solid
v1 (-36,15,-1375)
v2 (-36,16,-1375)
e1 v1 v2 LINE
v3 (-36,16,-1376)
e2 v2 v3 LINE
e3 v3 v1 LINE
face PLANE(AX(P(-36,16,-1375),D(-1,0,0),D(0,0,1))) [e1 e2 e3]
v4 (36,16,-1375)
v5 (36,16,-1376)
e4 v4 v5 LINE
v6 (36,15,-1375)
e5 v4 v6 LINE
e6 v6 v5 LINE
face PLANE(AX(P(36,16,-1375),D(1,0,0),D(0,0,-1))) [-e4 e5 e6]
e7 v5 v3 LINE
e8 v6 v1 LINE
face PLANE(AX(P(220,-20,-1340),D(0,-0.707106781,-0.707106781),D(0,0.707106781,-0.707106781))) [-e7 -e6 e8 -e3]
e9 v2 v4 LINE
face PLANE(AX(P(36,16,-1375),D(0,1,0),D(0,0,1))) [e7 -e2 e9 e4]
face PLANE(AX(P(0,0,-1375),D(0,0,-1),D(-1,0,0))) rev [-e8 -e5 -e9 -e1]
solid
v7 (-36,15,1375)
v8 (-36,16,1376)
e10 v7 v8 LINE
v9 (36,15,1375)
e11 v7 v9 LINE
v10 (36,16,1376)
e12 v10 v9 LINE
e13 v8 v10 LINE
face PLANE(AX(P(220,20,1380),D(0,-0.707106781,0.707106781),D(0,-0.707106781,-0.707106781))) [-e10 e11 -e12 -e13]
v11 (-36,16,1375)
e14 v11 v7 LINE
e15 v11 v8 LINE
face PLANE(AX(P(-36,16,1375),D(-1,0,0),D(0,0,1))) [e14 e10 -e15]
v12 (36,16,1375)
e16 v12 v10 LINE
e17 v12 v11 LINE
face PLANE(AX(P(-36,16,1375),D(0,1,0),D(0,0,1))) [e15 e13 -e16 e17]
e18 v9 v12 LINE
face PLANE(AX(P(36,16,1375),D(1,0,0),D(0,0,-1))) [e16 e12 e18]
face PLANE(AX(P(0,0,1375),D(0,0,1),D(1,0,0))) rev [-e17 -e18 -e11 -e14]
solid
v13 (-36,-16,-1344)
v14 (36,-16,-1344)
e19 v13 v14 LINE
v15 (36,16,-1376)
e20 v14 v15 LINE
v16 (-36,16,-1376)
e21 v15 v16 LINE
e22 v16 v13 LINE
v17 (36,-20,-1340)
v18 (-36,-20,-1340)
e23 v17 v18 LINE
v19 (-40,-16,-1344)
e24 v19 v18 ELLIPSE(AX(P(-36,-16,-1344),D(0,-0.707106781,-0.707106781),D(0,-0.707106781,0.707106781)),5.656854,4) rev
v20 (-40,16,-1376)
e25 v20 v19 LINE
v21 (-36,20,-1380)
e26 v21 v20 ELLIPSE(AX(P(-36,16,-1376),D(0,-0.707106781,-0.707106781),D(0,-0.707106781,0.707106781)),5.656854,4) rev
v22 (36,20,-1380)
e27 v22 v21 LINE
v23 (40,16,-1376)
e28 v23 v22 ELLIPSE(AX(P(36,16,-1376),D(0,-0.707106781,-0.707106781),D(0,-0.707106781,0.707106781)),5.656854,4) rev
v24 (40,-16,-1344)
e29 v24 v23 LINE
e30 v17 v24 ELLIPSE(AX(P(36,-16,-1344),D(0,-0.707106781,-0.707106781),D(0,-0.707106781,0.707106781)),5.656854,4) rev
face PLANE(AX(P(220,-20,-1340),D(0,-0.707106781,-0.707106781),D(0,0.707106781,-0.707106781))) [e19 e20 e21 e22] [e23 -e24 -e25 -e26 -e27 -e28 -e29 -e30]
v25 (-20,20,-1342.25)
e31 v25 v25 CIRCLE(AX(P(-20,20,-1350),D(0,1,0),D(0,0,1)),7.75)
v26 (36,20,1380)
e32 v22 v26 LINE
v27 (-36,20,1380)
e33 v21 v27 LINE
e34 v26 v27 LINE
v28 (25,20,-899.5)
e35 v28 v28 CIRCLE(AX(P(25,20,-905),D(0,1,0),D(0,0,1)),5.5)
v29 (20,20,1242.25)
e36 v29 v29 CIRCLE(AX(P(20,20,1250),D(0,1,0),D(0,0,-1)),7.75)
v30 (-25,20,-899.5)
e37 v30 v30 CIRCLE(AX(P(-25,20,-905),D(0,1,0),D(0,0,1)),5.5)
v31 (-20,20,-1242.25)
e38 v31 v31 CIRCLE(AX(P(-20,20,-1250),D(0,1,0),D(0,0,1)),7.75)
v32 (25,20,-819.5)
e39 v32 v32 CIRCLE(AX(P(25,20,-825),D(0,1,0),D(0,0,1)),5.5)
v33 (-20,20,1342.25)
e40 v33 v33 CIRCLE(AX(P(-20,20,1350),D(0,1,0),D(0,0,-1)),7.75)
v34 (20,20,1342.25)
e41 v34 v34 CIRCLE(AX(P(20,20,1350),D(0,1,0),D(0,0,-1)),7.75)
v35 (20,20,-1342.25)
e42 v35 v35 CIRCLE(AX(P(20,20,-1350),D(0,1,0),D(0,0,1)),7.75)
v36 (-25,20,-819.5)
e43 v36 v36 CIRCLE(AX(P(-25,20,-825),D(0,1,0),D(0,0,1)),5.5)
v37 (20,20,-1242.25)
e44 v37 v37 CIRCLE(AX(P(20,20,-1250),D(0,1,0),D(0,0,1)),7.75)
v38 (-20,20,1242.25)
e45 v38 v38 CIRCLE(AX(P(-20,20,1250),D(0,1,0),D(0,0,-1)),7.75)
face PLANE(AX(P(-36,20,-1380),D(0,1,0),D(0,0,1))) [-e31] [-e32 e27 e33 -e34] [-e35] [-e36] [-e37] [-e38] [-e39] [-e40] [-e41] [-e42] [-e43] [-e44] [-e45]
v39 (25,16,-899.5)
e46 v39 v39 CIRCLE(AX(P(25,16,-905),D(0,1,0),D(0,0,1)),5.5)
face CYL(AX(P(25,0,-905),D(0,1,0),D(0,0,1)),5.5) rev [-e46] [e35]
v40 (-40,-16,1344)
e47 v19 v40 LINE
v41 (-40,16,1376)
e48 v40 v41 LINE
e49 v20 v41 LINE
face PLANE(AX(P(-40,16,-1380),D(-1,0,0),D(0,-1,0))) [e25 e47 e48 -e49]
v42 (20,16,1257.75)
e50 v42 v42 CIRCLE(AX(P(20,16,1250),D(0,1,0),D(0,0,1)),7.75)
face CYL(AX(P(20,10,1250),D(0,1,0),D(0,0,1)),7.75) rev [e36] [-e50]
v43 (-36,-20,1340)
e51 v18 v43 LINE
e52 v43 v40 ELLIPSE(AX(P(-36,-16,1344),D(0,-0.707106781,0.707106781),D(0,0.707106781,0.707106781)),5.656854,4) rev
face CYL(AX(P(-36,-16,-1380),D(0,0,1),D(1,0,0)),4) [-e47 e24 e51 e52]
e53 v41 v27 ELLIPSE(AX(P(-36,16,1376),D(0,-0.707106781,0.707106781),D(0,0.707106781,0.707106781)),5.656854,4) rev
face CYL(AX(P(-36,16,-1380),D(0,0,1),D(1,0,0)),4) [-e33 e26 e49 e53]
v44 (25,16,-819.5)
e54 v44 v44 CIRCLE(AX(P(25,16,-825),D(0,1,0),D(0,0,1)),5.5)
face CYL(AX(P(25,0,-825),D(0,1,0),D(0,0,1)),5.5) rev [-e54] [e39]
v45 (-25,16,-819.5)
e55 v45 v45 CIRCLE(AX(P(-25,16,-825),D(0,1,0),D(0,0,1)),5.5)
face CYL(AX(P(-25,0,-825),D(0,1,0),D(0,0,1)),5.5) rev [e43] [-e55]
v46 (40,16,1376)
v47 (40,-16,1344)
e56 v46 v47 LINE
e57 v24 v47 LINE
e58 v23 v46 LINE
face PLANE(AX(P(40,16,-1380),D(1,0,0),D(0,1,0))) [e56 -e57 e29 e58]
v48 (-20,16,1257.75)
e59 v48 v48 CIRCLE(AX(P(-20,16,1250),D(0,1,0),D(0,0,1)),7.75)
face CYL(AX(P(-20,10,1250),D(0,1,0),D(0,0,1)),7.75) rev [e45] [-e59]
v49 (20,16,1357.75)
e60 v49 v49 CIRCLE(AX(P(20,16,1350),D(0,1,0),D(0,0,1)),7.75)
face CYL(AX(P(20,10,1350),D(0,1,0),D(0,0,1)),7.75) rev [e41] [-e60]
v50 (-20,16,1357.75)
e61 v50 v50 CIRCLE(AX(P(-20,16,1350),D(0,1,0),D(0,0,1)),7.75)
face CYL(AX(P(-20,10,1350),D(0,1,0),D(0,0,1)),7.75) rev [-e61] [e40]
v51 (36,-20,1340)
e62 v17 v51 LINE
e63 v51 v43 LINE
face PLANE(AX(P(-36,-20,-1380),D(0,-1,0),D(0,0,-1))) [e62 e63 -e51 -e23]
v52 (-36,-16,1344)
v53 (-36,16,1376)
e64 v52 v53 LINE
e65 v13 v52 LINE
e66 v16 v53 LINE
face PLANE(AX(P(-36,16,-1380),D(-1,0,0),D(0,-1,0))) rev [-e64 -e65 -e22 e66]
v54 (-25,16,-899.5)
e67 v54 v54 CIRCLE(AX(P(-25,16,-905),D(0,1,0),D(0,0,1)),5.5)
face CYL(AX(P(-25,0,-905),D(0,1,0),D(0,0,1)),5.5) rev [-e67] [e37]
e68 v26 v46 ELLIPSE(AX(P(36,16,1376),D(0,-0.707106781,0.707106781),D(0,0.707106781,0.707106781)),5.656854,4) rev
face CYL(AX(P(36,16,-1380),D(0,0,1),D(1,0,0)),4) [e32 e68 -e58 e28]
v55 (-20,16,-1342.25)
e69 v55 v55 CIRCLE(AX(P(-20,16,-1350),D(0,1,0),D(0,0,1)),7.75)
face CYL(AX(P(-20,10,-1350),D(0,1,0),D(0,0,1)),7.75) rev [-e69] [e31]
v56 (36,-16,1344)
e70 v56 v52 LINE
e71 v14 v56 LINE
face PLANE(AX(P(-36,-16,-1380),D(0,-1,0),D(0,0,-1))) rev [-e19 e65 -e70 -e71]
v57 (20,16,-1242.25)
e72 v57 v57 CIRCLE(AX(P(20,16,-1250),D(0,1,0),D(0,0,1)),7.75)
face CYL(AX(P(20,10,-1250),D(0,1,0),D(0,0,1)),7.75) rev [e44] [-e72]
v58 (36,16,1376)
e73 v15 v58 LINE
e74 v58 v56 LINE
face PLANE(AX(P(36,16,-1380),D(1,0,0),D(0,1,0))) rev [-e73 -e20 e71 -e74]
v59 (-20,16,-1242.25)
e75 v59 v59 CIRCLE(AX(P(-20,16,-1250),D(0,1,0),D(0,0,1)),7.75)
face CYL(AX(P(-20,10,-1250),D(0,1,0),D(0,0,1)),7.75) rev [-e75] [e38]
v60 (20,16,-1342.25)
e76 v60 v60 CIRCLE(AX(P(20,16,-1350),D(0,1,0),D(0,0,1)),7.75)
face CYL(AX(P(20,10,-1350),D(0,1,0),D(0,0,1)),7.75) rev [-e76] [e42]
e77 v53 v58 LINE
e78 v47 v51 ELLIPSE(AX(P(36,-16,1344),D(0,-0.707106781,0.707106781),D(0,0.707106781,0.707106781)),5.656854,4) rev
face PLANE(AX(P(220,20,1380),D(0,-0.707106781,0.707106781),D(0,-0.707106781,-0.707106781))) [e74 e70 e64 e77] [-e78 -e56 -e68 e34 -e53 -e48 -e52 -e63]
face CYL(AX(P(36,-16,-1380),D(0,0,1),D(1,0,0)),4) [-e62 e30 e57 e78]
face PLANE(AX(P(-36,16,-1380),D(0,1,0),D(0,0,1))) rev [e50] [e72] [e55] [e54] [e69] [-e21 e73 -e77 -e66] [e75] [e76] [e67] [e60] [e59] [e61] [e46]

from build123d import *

# Parameters (mm, degrees)
Y_KSEKLIK_EKSTR_ZYON1_DEPTH      = 1380
Y_KSEKLIK_EKSTR_ZYON1_DEPTH_BACK = 1380
IZIM1_W                          = 72
IZIM1_H                          = 32
IZIM2_R                          = 7.75
KES_EKSTR_ZYON1_DEPTH            = 10
IZIM3_R                          = 5.5
KES_EKSTR_ZYON2_DEPTH            = 20
IZIM4_W                          = 72
IZIM4_H                          = 32
Y_KSEKLIK_EKSTR_ZYON2_DEPTH      = 5
IZIM5_W                          = 72
IZIM5_H                          = 32
Y_KSEKLIK_EKSTR_ZYON3_DEPTH      = 5
KES_EKSTR_ZYON3_DEPTH            = 220
KES_EKSTR_ZYON3_DEPTH_BACK       = 290


with BuildPart() as part:
    # Çizim1 → Yükseklik-Ekstrüzyon1 (new, two sides: drawn at the far end of the back side and taken through both)
    with BuildSketch(Plane.XY.offset(-Y_KSEKLIK_EKSTR_ZYON1_DEPTH_BACK)):
        with BuildLine():
            Line((-36, 20), (36, 20))
            ThreePointArc((36, 20), (38.828427125, 18.828427125), (40, 16))
            Line((40, 16), (40, -16))
            ThreePointArc((40, -16), (38.828427125, -18.828427125), (36, -20))
            Line((36, -20), (-36, -20))
            ThreePointArc((-36, -20), (-38.828427125, -18.828427125), (-40, -16))
            Line((-40, -16), (-40, 16))
            ThreePointArc((-40, 16), (-38.828427125, 18.828427125), (-36, 20))
        make_face()
        Rectangle(IZIM1_W, IZIM1_H, mode=Mode.SUBTRACT)
    extrude(amount=Y_KSEKLIK_EKSTR_ZYON1_DEPTH + Y_KSEKLIK_EKSTR_ZYON1_DEPTH_BACK)

    # Çizim2 → Kes-Ekstrüzyon1 (cut)
    with BuildSketch(Plane(origin=(0, 20, 0), x_dir=(1, 0, 0), z_dir=(0, 1, 0))):
        with Locations(Location((-20, 1350, 0), (0, 0, 270))):
            Circle(IZIM2_R)
        with Locations(Location((20, 1350, 0), (0, 0, 270))):
            Circle(IZIM2_R)
        with Locations(Location((20, 1250, 0), (0, 0, 270))):
            Circle(IZIM2_R)
        with Locations(Location((-20, 1250, 0), (0, 0, 270))):
            Circle(IZIM2_R)
        with Locations(Location((-20, -1250, 0), (0, 0, 270))):
            Circle(IZIM2_R)
        with Locations(Location((20, -1250, 0), (0, 0, 270))):
            Circle(IZIM2_R)
        with Locations(Location((20, -1350, 0), (0, 0, 270))):
            Circle(IZIM2_R)
        with Locations(Location((-20, -1350, 0), (0, 0, 270))):
            Circle(IZIM2_R)
    extrude(amount=-KES_EKSTR_ZYON1_DEPTH, mode=Mode.SUBTRACT)

    # Çizim3 → Kes-Ekstrüzyon2 (cut)
    with BuildSketch(Plane(origin=(0, 20, 0), x_dir=(1, 0, 0), z_dir=(0, 1, 0))):
        with Locations(Location((25, 905, 0), (0, 0, 270))):
            Circle(IZIM3_R)
        with Locations(Location((-25, 905, 0), (0, 0, 270))):
            Circle(IZIM3_R)
        with Locations(Location((25, 825, 0), (0, 0, 270))):
            Circle(IZIM3_R)
        with Locations(Location((-25, 825, 0), (0, 0, 270))):
            Circle(IZIM3_R)
    extrude(amount=-KES_EKSTR_ZYON2_DEPTH, mode=Mode.SUBTRACT)


with BuildPart() as body_2:
    # Çizim4 → Yükseklik-Ekstrüzyon2 (new body)
    with BuildSketch(Plane(origin=(0, 0, -1380), x_dir=(-1, 0, 0), z_dir=(0, 0, -1))):
        Rectangle(IZIM4_W, IZIM4_H)
    extrude(amount=-Y_KSEKLIK_EKSTR_ZYON2_DEPTH)


with BuildPart() as body_3:
    # Çizim5 → Yükseklik-Ekstrüzyon3 (new body)
    with BuildSketch(Plane.XY.offset(1380)):
        Rectangle(IZIM5_W, IZIM5_H)
    extrude(amount=-Y_KSEKLIK_EKSTR_ZYON3_DEPTH)


with BuildPart() as kes_ekstr_zyon3_tool:
    # Çizim6 → Kes-Ekstrüzyon3 (new, two sides: drawn at the far end of the back side and taken through both)
    with BuildSketch(Plane(origin=(0, 0, 0), x_dir=(0, 0, -1), z_dir=(1, 0, 0)).offset(-KES_EKSTR_ZYON3_DEPTH_BACK)):
        Polygon((-1380, -20), (-1380, 20), (-1340, -20), align=None)
        Polygon((1380, -20), (1340, -20), (1380, 20), align=None)
    extrude(amount=KES_EKSTR_ZYON3_DEPTH + KES_EKSTR_ZYON3_DEPTH_BACK)


with BuildPart() as part_1:
    add(part.part)

    # Kes-Ekstrüzyon3: cut by kes_ekstr_zyon3_tool
    add(kes_ekstr_zyon3_tool.part, mode=Mode.SUBTRACT)


with BuildPart() as body_2_1:
    add(body_2.part)

    # Kes-Ekstrüzyon3: cut by kes_ekstr_zyon3_tool
    add(kes_ekstr_zyon3_tool.part, mode=Mode.SUBTRACT)


with BuildPart() as body_3_1:
    add(body_3.part)

    # Kes-Ekstrüzyon3: cut by kes_ekstr_zyon3_tool
    add(kes_ekstr_zyon3_tool.part, mode=Mode.SUBTRACT)


solid = Compound([part_1.part, body_2_1.part, body_3_1.part])
